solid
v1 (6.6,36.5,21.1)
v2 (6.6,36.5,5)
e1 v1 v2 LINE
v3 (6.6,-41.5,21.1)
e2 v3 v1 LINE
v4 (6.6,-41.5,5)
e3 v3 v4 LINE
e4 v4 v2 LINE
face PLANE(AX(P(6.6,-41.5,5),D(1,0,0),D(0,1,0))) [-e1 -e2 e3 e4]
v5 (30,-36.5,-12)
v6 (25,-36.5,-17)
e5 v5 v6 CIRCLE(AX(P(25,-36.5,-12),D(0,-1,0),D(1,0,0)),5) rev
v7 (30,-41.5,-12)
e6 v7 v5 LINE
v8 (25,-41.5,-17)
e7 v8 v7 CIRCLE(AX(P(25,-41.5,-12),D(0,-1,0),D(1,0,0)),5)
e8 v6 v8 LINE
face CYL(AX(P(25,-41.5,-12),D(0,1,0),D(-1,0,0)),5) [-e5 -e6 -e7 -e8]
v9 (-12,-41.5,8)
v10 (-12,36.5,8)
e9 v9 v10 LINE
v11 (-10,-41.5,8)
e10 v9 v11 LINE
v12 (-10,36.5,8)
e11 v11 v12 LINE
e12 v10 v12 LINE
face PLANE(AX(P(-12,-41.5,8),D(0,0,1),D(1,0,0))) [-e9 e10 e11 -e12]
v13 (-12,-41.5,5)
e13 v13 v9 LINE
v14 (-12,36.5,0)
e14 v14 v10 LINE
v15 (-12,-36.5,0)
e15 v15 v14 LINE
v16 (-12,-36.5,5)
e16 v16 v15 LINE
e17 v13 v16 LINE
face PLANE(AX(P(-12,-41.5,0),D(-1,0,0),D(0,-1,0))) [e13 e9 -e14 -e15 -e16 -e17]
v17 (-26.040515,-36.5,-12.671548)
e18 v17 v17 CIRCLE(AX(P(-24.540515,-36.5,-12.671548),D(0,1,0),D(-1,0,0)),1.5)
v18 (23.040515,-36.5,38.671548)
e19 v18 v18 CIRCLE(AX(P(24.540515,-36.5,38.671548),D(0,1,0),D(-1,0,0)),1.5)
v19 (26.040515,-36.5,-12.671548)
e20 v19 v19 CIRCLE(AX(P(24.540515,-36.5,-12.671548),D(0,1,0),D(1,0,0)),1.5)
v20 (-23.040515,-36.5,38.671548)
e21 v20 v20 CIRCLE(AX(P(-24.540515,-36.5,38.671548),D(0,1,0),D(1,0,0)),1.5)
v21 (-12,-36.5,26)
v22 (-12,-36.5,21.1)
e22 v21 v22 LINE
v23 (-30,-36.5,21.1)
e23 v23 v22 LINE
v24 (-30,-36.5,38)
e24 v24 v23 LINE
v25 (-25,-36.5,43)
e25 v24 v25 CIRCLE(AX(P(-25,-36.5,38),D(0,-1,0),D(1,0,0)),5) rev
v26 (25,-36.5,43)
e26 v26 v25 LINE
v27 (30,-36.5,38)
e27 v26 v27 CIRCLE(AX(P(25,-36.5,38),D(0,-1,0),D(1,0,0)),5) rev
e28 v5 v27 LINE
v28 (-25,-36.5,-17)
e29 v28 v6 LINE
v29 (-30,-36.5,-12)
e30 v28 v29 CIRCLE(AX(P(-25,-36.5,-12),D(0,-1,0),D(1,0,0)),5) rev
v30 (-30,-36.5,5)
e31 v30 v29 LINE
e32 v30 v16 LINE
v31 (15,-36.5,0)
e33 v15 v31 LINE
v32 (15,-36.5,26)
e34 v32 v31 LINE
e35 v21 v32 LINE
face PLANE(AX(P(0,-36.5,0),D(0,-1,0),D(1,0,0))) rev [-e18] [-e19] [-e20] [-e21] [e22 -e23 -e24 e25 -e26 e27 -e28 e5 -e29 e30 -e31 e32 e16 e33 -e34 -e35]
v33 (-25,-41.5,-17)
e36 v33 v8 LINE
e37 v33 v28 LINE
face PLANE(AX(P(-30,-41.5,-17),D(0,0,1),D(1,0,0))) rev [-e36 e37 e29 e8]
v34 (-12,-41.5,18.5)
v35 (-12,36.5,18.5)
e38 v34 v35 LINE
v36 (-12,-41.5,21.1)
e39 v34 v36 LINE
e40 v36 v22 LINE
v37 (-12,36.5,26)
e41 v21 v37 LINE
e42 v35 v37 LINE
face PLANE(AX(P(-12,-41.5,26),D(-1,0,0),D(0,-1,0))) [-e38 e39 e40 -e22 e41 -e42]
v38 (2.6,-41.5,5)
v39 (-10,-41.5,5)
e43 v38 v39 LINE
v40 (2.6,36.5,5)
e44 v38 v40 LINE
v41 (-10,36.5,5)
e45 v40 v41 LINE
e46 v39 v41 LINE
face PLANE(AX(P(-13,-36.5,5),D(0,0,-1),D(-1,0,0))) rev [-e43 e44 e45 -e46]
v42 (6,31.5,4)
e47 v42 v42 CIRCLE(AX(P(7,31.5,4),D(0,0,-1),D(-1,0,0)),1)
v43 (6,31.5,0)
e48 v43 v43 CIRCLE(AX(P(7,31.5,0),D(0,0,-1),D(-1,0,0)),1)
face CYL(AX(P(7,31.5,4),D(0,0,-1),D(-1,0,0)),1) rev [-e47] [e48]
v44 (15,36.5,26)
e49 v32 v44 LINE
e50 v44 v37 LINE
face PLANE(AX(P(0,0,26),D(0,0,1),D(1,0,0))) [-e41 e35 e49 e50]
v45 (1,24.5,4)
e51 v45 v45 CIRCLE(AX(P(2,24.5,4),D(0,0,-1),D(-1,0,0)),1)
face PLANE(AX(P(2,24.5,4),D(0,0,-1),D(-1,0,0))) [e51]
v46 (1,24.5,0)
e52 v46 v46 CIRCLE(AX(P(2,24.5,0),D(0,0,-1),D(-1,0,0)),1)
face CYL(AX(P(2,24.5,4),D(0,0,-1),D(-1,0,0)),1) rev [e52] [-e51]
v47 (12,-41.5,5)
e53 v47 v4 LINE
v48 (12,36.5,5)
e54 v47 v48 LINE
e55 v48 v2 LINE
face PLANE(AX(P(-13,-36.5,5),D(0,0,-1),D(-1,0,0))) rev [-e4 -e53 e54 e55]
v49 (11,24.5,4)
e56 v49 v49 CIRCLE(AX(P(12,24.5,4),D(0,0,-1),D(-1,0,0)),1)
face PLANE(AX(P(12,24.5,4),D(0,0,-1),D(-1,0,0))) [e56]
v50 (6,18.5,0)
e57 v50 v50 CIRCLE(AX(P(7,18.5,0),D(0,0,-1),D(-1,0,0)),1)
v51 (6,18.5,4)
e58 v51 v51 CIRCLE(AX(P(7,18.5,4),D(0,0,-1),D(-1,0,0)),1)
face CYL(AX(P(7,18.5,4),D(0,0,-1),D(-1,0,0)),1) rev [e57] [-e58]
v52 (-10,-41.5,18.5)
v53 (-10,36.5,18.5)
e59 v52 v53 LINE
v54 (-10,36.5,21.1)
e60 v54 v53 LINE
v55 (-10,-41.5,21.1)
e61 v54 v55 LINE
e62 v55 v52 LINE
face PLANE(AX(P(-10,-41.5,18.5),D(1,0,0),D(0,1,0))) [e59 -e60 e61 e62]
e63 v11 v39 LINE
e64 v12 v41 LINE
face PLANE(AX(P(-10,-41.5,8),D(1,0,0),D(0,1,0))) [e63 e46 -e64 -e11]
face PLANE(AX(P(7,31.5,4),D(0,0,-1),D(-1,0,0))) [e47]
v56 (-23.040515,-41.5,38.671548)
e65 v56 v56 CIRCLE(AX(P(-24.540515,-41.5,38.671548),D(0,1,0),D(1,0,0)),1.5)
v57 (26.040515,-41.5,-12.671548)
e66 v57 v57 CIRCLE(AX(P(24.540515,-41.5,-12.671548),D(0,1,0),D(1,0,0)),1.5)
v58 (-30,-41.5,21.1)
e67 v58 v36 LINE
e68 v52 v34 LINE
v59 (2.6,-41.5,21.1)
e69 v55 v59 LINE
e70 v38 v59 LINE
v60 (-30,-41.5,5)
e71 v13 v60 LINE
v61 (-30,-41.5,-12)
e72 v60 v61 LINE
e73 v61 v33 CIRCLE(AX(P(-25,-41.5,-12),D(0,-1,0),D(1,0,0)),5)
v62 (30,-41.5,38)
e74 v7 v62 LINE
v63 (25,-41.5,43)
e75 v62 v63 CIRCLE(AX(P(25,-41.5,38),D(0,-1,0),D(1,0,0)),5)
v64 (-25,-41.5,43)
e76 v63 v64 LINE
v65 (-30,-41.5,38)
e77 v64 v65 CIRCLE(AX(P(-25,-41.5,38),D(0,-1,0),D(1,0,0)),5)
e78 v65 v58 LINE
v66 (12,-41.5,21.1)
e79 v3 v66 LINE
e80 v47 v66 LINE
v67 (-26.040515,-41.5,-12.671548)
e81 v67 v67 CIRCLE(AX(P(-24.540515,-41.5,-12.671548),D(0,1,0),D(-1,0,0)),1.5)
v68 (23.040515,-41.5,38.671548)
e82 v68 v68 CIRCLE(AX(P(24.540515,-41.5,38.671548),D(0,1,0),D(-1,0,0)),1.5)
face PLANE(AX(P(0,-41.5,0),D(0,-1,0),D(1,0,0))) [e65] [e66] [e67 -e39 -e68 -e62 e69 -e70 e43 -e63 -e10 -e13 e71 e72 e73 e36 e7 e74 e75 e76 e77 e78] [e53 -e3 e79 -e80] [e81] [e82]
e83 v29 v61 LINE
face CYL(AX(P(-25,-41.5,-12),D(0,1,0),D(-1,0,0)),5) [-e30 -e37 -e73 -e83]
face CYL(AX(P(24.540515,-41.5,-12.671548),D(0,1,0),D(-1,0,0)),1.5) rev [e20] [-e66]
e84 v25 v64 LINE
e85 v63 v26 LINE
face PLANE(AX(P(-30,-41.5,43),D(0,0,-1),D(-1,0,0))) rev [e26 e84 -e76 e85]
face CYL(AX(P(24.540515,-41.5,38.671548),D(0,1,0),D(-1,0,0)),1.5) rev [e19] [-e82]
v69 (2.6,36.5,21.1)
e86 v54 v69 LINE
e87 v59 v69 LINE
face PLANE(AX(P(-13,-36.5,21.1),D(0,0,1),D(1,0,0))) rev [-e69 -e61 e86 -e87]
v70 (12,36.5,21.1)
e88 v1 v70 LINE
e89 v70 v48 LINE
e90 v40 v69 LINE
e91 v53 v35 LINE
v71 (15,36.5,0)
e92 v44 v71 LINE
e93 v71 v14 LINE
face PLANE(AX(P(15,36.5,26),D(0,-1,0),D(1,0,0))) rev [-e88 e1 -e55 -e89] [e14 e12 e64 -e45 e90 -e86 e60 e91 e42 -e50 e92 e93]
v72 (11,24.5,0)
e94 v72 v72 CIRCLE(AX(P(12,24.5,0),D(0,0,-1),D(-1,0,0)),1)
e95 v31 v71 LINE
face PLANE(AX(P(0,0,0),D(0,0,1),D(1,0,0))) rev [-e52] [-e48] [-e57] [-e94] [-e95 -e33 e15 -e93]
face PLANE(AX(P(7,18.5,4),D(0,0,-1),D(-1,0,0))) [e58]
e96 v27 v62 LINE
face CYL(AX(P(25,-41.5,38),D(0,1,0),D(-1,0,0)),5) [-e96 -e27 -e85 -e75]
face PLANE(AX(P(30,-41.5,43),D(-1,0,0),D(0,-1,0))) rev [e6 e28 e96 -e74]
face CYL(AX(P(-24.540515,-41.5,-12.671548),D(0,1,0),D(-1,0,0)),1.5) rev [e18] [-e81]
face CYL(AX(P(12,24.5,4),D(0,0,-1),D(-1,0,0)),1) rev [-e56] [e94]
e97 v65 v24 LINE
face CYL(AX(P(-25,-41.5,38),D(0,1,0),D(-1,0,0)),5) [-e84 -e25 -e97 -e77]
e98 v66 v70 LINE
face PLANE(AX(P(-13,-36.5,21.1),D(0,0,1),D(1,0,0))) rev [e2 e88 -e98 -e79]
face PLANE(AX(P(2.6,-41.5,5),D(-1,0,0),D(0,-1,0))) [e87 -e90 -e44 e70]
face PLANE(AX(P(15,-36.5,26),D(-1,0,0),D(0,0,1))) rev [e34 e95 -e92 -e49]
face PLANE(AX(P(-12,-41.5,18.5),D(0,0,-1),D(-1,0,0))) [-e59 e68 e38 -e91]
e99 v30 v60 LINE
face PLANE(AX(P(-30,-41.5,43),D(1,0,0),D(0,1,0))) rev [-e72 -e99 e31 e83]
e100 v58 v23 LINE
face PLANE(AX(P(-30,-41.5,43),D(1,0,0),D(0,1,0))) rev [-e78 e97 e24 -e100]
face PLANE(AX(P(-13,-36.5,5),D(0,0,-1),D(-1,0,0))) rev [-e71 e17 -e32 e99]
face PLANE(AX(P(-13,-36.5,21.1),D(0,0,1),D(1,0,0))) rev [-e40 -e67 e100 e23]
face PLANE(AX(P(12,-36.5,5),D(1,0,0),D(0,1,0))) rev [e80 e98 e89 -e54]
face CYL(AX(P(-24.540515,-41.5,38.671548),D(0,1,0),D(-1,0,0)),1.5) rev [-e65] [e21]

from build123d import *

# Parameters (mm, degrees)
SKETCH1_W           = 30
SKETCH1_H           = 73
BOSS_EXTRUDE1_DEPTH = 26
SKETCH2_W           = 25
SKETCH2_H           = 16.1
CUT_EXTRUDE1_DEPTH  = 74
SKETCH3_W           = 26
SKETCH3_H           = 24
SKETCH3_H_2         = 16.23422306
CUT_EXTRUDE2_DEPTH  = 5
SKETCH5_W           = 60
SKETCH5_H           = 60
BOSS_EXTRUDE2_DEPTH = 5
FILLET1_R           = 5
SKETCH6_R           = 1.5
CUT_EXTRUDE4_DEPTH  = 5
SKETCH7_R           = 1
CUT_EXTRUDE5_DEPTH  = 4
SKETCH8_W           = 15.5
SKETCH8_H           = 5
CUT_EXTRUDE6_DEPTH  = 42
SKETCH9_W           = 5
SKETCH9_H           = 26
CUT_EXTRUDE7_DEPTH  = 73
SKETCH10_W          = 2
SKETCH10_H          = 8
SKETCH10_H_2        = 7.5
BOSS_EXTRUDE3_DEPTH = 78
SKETCH11_W          = 42
SKETCH11_H          = 0.6
CUT_EXTRUDE8_DEPTH  = 6
SKETCH13_W          = 0.6
SKETCH13_H          = 5
BOSS_EXTRUDE5_DEPTH = 2
SKETCH15_W          = 4
SKETCH15_H          = 16.1
BOSS_EXTRUDE6_DEPTH = 78


with BuildPart() as part:
    # Sketch1 → Boss-Extrude1 (new body)
    with BuildSketch(Plane.XY):
        Rectangle(SKETCH1_W, SKETCH1_H)
    extrude(amount=BOSS_EXTRUDE1_DEPTH)

    # Sketch2 → Cut-Extrude1 (cut, through all)
    with BuildSketch(Plane(origin=(0, 36.5, 0), x_dir=(1, 0, 0), z_dir=(0, 1, 0))):
        with Locations((-0.5, -13.05)):
            Rectangle(SKETCH2_W, SKETCH2_H)
    extrude(amount=-CUT_EXTRUDE1_DEPTH, mode=Mode.SUBTRACT)

    # Sketch3 → Cut-Extrude2 (cut)
    with BuildSketch(Plane.ZY.offset(15)):
        with Locations((13, 21.5)):
            Rectangle(SKETCH3_W, SKETCH3_H)
        with Locations((13, -5.5)):
            Rectangle(SKETCH3_W, SKETCH3_H)
        with Locations((13, -28.61711153)):
            Rectangle(SKETCH3_W, SKETCH3_H_2)
    extrude(amount=-CUT_EXTRUDE2_DEPTH, mode=Mode.SUBTRACT)

    # Sketch5 → Boss-Extrude2 (add)
    with BuildSketch(Plane(origin=(0, -36.5, 0), x_dir=(-1, 0, 0), z_dir=(0, -1, 0))):
        with Locations((0, -13)):
            Rectangle(SKETCH5_W, SKETCH5_H)
    extrude(amount=BOSS_EXTRUDE2_DEPTH)

    # Fillet1
    fillet1_edges = [part.edges().sort_by_distance(p)[0] for p in [
        (30, -39, -17),
        (30, -39, 43),
        (-30, -39, 43),
        (-30, -39, -17),
    ]]
    fillet(fillet1_edges, radius=FILLET1_R)

    # Sketch6 → Cut-Extrude4 (cut)
    with BuildSketch(Plane(origin=(0, -36.5, 0), x_dir=(1, 0, 0), z_dir=(0, 1, 0))):
        with Locations((-24.540514854, 12.671548216)):
            Circle(SKETCH6_R)
        with Locations((24.540514854, 12.671548216)):
            Circle(SKETCH6_R)
        with Locations((-24.540514854, -38.671548216)):
            Circle(SKETCH6_R)
        with Locations((24.540514854, -38.671548216)):
            Circle(SKETCH6_R)
    extrude(amount=-CUT_EXTRUDE4_DEPTH, mode=Mode.SUBTRACT)

    # Sketch7 → Cut-Extrude5 (cut)
    with BuildSketch(Plane(origin=(0, 0, 0), x_dir=(-1, 0, 0), z_dir=(0, 0, -1))):
        with Locations((-7, 31.5)):
            Circle(SKETCH7_R)
        with Locations((-12, 24.5)):
            Circle(SKETCH7_R)
        with Locations((-2, 24.5)):
            Circle(SKETCH7_R)
        with Locations((-7, 18.5)):
            Circle(SKETCH7_R)
    extrude(amount=-CUT_EXTRUDE5_DEPTH, mode=Mode.SUBTRACT)

    # Sketch8 → Cut-Extrude6 (cut)
    with BuildSketch(Plane.ZY.offset(30)):
        with Locations((12.75, -39)):
            Rectangle(SKETCH8_W, SKETCH8_H)
    extrude(amount=-CUT_EXTRUDE6_DEPTH, mode=Mode.SUBTRACT)

    # Sketch9 → Cut-Extrude7 (cut)
    with BuildSketch(Plane(origin=(0, 36.5, 0), x_dir=(1, 0, 0), z_dir=(0, 1, 0))):
        with Locations((-12.5, -13)):
            Rectangle(SKETCH9_W, SKETCH9_H)
    extrude(amount=-CUT_EXTRUDE7_DEPTH, mode=Mode.SUBTRACT)

    # Sketch10 → Boss-Extrude3 (add)
    with BuildSketch(Plane(origin=(0, 36.5, 0), x_dir=(1, 0, 0), z_dir=(0, 1, 0))):
        with Locations((-11, -4)):
            Rectangle(SKETCH10_W, SKETCH10_H)
        with Locations((-11, -22.25)):
            Rectangle(SKETCH10_W, SKETCH10_H_2)
    extrude(amount=-BOSS_EXTRUDE3_DEPTH)

    # Sketch11 → Cut-Extrude8 (cut, through all)
    with BuildSketch(Plane(origin=(0, -36.5, 0), x_dir=(1, 0, 0), z_dir=(0, 1, 0))):
        with Locations((-9, -20.8)):
            Rectangle(SKETCH11_W, SKETCH11_H)
    extrude(amount=-CUT_EXTRUDE8_DEPTH, mode=Mode.SUBTRACT)

    # Sketch13 → Boss-Extrude5 (add)
    with BuildSketch(Plane.ZY.offset(12)):
        with Locations((20.8, -39)):
            Rectangle(SKETCH13_W, SKETCH13_H)
    extrude(amount=-BOSS_EXTRUDE5_DEPTH)

    # Sketch15 → Boss-Extrude6 (add)
    with BuildSketch(Plane(origin=(0, 36.5, 0), x_dir=(1, 0, 0), z_dir=(0, 1, 0))):
        with Locations((4.6, -13.05)):
            Rectangle(SKETCH15_W, SKETCH15_H)
    extrude(amount=-BOSS_EXTRUDE6_DEPTH)


solid = part.part
